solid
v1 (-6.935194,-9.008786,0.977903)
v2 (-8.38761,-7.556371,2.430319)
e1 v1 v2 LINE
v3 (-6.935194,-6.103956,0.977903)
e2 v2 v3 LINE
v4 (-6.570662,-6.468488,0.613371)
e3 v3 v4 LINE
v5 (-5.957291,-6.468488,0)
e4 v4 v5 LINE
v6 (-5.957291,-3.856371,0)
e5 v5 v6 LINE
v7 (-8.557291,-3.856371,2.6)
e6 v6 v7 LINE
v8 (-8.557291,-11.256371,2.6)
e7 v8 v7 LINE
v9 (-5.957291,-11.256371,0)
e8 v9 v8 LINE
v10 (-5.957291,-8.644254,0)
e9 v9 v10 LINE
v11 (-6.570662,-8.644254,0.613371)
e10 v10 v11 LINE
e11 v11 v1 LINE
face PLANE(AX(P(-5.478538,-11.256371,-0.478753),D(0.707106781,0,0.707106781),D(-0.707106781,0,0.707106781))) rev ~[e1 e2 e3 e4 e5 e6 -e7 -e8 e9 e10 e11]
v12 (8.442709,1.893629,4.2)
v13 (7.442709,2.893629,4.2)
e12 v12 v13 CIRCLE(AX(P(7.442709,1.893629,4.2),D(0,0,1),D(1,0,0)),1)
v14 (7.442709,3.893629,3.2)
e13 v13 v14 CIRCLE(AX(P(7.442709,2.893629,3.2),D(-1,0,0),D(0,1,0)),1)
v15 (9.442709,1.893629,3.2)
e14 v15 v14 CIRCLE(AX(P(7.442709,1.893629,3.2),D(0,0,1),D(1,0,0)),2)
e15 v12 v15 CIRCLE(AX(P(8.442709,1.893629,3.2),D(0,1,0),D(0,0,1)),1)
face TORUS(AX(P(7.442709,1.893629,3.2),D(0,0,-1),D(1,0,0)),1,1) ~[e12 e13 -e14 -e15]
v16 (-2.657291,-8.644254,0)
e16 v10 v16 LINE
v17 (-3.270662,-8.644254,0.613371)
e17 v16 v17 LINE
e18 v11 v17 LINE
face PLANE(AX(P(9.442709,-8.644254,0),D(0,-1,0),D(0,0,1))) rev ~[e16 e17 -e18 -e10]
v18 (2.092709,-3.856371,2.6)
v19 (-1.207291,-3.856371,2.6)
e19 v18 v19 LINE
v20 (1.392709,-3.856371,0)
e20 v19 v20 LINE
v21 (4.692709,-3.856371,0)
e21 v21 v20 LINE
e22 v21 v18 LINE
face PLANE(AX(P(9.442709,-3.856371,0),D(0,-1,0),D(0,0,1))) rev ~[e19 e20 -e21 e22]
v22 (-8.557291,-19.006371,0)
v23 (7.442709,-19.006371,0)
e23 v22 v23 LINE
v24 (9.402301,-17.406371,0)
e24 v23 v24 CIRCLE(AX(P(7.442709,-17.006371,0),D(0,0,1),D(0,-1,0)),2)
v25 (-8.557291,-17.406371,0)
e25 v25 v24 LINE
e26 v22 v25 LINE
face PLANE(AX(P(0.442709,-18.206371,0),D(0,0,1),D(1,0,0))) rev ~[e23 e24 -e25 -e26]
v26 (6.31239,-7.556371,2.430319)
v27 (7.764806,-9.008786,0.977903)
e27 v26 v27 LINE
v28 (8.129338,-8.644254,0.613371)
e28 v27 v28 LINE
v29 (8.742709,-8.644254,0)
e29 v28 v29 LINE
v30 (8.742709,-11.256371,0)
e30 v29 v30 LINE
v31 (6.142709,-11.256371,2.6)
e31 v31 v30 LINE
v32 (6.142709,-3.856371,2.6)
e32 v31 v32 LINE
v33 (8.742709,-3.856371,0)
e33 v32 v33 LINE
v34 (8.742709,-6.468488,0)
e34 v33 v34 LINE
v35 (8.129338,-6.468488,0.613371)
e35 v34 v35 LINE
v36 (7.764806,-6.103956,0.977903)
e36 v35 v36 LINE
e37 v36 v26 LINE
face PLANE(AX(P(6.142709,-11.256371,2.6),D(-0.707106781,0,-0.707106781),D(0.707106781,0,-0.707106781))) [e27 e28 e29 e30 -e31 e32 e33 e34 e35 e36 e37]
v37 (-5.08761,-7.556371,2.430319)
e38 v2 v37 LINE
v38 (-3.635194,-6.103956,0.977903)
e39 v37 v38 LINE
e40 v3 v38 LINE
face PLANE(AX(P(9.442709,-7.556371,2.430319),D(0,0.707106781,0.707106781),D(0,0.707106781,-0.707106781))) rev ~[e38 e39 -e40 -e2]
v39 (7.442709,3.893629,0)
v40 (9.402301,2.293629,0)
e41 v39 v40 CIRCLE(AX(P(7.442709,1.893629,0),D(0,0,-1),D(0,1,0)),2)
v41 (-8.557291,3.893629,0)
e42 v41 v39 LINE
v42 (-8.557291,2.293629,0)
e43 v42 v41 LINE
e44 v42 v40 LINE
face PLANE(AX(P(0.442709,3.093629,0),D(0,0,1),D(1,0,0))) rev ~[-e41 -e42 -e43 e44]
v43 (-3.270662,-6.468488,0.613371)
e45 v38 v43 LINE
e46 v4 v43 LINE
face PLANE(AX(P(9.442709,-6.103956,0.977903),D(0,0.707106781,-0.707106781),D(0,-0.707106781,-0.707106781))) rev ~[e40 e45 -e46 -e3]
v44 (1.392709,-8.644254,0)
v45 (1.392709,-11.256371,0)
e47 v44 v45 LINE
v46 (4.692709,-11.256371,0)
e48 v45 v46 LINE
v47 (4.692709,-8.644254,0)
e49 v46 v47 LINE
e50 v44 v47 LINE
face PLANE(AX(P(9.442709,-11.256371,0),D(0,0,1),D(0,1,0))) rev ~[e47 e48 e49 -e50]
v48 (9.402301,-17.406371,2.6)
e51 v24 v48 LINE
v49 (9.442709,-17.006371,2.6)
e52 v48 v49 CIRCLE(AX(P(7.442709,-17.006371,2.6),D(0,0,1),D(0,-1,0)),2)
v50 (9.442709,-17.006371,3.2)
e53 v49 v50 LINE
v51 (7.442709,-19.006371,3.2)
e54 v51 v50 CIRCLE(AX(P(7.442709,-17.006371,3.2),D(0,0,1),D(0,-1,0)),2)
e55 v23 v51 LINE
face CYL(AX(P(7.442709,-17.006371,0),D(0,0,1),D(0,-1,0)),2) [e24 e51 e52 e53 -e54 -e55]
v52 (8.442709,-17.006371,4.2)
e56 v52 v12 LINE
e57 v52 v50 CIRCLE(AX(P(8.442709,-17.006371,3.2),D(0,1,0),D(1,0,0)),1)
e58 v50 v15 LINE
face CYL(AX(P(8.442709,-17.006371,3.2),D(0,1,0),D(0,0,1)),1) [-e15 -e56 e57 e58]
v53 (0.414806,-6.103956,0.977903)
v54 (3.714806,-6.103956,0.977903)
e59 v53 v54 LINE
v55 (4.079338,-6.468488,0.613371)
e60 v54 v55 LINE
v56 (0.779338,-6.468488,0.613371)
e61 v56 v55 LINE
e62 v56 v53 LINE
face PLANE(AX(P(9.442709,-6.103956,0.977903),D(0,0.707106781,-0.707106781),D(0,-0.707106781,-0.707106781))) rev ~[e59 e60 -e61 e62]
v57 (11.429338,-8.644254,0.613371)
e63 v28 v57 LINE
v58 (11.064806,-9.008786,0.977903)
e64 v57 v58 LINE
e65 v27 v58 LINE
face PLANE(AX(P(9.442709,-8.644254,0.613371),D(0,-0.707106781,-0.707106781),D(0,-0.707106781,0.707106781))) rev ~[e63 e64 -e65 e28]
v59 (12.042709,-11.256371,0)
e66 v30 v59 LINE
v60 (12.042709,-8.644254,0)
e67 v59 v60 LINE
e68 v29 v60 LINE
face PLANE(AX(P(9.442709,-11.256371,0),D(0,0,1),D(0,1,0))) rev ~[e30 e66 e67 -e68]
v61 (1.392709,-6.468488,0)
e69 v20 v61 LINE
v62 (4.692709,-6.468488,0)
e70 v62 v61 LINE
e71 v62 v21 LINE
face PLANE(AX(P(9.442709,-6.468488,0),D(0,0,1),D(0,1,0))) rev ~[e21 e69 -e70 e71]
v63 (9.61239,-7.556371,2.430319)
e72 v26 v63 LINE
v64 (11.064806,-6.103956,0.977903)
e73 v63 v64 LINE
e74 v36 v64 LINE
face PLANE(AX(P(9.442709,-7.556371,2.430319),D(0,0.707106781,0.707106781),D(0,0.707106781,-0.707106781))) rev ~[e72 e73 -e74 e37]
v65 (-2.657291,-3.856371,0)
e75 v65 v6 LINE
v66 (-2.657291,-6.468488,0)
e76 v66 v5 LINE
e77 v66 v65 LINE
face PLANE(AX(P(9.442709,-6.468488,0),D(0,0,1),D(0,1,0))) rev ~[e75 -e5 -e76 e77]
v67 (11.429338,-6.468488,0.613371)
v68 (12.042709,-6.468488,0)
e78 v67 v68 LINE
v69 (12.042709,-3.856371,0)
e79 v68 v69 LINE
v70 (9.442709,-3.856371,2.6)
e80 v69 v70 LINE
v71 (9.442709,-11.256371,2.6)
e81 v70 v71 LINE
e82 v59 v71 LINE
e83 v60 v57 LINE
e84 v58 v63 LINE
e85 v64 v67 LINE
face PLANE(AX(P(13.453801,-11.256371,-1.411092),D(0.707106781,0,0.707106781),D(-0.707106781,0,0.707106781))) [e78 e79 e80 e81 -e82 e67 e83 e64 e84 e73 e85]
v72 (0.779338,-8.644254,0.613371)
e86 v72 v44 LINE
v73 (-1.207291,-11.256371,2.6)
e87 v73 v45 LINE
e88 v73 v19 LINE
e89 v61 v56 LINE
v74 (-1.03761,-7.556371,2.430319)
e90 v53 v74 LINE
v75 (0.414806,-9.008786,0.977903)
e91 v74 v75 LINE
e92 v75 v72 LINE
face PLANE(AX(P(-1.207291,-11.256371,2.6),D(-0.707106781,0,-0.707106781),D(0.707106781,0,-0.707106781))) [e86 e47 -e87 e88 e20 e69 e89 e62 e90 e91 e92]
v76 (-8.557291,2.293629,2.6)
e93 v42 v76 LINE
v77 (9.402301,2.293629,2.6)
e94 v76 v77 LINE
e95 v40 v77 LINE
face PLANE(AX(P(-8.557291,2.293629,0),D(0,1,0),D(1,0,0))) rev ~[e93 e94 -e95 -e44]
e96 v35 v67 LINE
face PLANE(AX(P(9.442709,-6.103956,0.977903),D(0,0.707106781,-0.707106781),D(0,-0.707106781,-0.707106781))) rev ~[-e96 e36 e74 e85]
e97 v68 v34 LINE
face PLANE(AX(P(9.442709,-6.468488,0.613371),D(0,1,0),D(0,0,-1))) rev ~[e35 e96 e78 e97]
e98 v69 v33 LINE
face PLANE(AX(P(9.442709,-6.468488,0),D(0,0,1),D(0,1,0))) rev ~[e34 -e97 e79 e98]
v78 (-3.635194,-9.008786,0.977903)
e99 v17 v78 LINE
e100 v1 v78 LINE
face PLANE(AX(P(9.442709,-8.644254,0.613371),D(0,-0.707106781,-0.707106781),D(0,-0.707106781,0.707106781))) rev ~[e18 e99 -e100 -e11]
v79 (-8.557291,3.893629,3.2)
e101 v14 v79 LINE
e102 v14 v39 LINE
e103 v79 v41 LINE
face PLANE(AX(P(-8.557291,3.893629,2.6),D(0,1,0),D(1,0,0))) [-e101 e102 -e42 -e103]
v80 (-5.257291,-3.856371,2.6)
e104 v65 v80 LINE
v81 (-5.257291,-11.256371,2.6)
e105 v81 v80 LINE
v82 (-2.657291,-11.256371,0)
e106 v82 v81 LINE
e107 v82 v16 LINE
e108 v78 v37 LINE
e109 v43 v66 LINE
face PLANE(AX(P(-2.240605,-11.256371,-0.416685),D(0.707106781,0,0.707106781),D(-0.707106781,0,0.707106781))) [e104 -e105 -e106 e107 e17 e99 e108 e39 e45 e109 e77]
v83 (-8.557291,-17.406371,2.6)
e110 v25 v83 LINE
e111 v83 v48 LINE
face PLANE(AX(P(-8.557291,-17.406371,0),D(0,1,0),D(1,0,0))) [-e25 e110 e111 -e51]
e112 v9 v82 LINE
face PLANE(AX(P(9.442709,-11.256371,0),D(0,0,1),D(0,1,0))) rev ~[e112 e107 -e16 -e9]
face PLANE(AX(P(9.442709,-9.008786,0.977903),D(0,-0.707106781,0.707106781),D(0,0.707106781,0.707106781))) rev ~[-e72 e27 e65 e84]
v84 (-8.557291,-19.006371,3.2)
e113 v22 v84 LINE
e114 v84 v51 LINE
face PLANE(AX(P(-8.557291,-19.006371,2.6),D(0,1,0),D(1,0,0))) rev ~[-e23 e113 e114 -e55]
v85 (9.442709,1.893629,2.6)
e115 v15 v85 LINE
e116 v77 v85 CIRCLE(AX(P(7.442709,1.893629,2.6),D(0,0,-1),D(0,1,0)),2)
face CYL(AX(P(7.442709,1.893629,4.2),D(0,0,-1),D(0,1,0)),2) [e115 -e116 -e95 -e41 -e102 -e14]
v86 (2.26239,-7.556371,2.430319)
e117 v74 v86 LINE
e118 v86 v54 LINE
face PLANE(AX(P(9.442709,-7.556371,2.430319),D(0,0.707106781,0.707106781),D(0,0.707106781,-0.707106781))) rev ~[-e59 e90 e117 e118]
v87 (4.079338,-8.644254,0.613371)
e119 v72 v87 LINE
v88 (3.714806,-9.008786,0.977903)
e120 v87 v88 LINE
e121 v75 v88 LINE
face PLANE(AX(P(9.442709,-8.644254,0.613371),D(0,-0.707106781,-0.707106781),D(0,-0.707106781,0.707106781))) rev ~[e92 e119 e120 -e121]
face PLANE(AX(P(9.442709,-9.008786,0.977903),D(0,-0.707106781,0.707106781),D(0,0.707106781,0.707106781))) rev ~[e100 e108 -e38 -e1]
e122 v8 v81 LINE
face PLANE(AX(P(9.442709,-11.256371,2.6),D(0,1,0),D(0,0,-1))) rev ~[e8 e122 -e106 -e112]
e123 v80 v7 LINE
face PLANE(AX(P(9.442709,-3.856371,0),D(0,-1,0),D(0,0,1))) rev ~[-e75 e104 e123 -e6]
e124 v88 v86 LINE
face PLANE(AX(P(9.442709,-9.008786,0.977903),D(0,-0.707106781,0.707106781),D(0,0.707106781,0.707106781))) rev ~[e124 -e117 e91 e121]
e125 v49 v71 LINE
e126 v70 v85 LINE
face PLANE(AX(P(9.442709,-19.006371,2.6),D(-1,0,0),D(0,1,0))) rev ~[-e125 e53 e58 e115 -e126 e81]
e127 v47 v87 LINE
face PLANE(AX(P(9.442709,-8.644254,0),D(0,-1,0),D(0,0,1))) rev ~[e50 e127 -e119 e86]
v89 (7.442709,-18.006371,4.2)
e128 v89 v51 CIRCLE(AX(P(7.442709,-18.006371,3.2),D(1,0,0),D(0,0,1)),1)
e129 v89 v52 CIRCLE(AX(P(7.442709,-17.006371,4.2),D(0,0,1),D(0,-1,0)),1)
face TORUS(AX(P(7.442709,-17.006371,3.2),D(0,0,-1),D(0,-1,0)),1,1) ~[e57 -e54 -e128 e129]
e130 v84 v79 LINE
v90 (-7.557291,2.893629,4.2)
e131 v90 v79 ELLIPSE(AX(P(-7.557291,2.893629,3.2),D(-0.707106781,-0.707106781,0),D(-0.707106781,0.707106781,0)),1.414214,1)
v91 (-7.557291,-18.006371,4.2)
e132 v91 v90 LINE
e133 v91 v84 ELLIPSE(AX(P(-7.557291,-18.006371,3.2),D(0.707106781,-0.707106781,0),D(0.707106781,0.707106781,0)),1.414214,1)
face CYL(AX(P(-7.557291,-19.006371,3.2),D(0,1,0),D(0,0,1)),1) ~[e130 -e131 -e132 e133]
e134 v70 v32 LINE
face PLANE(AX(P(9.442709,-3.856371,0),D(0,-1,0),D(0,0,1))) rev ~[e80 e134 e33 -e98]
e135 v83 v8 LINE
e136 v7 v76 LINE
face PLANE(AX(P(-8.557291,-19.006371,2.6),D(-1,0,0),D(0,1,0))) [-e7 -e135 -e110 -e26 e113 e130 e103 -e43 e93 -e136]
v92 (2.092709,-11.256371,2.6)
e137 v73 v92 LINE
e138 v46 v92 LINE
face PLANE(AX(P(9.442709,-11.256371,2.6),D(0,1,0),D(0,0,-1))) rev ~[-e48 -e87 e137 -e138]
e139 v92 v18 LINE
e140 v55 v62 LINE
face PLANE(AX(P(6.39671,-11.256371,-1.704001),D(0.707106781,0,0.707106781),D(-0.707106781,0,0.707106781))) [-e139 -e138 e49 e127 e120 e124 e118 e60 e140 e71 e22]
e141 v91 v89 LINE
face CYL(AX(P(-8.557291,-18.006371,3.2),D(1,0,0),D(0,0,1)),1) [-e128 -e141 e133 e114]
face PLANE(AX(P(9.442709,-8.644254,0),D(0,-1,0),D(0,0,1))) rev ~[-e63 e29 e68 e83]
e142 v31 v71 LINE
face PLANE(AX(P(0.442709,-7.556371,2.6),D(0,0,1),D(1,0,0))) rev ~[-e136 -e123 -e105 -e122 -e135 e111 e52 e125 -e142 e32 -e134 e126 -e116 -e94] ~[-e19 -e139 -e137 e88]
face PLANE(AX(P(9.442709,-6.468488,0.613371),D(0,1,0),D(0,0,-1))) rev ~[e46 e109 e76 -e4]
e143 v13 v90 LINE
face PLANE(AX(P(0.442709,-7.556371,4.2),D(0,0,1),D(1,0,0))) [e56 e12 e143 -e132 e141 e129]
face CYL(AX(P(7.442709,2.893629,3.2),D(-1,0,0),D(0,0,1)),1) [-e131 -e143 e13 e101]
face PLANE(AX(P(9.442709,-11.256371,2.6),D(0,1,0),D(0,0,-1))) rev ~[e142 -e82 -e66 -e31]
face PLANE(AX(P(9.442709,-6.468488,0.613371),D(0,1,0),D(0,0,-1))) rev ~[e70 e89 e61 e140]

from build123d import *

# Parameters (mm, degrees)
SKETCH1_W               = 3.3
SKETCH1_H               = 7.4
SKETCH1_W_2             = 18
SKETCH1_H_2             = 1.6
BOSS_EXTRUDE1_DEPTH     = 2.6
SKETCH3_W               = 18
SKETCH3_H               = 22.9
BOSS_EXTRUDE2_DEPTH     = 1.6
CUT_EXTRUDE1_DEPTH      = 27.511924597
CUT_EXTRUDE1_DEPTH_BACK = 27.511924597
FILLET1_R               = 2
FILLET2_R               = 1
BOSS_EXTRUDE3_DEPTH     = 5
CUT_EXTRUDE2_DEPTH      = 10


with BuildPart() as part:
    # Sketch1 → Boss-Extrude1 (new body)
    with BuildSketch(Plane.XY):
        with Locations((0.442709082, -7.556371191)):
            Rectangle(SKETCH1_W, SKETCH1_H)
        with Locations((7.792709082, -7.556371191)):
            Rectangle(SKETCH1_W, SKETCH1_H)
        with Locations((0.442709082, 3.093628809)):
            Rectangle(SKETCH1_W_2, SKETCH1_H_2)
        with Locations((0.442709082, -18.206371191)):
            Rectangle(SKETCH1_W_2, SKETCH1_H_2)
        with Locations((0.442709082, -7.556371191)):
            Rectangle(SKETCH1_W_2, SKETCH1_H)
    extrude(amount=BOSS_EXTRUDE1_DEPTH)

    # Sketch3 → Boss-Extrude2 (add)
    with BuildSketch(Plane.XY.offset(2.6)):
        with Locations((0.442709082, -7.556371191)):
            Rectangle(SKETCH3_W, SKETCH3_H)
    extrude(amount=BOSS_EXTRUDE2_DEPTH)

    # Sketch4 → Cut-Extrude1 (cut, two sides: drawn at the far end of the back side and taken through both)
    with BuildSketch(Plane.ZY.offset(8.557290918).offset(-CUT_EXTRUDE1_DEPTH_BACK)):
        Polygon((1.342435563, -8.644254243), (0.613371363, -8.644254243), (0.977903463, -9.008786343), align=None)
        Polygon((2.430318615, -7.556371191), (1.342435563, -6.468488139), (1.342435563, -8.644254243), align=None)
        Polygon((0.977903463, -6.103956039), (0.613371363, -6.468488139), (1.342435563, -6.468488139), align=None)
        Polygon((0.613371363, -6.468488139), (0, -7.081859502), (0, -8.03088288), (0.613371363, -8.644254243), (1.342435563, -8.644254243), (1.342435563, -6.468488139), align=None)
        Polygon((0, -6.468488139), (0, -7.081859502), (0.613371363, -6.468488139), align=None)
        Polygon((0.613371363, -8.644254243), (0, -8.03088288), (0, -8.644254243), align=None)
    extrude(amount=CUT_EXTRUDE1_DEPTH + CUT_EXTRUDE1_DEPTH_BACK, mode=Mode.SUBTRACT)

    # Fillet1
    fillet1_edges = [part.edges().sort_by_distance(p)[0] for p in [
        (9.442709082, 3.893628809, 2.1),
        (9.442709082, -19.006371191, 2.1),
    ]]
    fillet(fillet1_edges, radius=FILLET1_R)

    # Fillet2
    fillet2_edges = [part.edges().sort_by_distance(p)[0] for p in [
        (9.442709082, -7.556371191, 4.2),
        (8.856922645, -18.420584754, 4.2),
        (8.856922645, 3.307842371, 4.2),
        (-8.557290918, -7.556371191, 4.2),
        (-0.557290918, -19.006371191, 4.2),
        (-0.557290918, 3.893628809, 4.2),
    ]]
    fillet(fillet2_edges, radius=FILLET2_R)

    # Sketch6 → Boss-Extrude3 (add)
    with BuildSketch(Plane(origin=(9.442709082, 0, 0), x_dir=(0, 0, -1), z_dir=(1, 0, 0))):
        Polygon((-2.6, -3.856371191), (-2.6, -11.256371191), (0, -11.256371191), (0, -8.644254243), (-0.613371363, -8.644254243), (-0.977903463, -9.008786343), (-2.430318615, -7.556371191), (-0.977903463, -6.103956039), (-0.613371363, -6.468488139), (0, -6.468488139), (0, -3.856371191), align=None)
    extrude(amount=BOSS_EXTRUDE3_DEPTH)

    # Sketch5 → Cut-Extrude2 (cut)
    with BuildSketch(Plane.XZ.offset(11.256371191)):
        Polygon((-5.257290918, 2.6), (-1.207290918, 2.6), (1.809394507, -0.416685424), (-2.240605493, -0.416685424), align=None)
        Polygon((2.092709082, 2.6), (6.142709082, 2.6), (10.446710416, -1.704001333), (6.396710416, -1.704001333), align=None)
        Polygon((-8.557290918, 2.6), (-13.200539382, 2.6), (-10.121786084, -0.478753297), (-5.47853762, -0.478753297), align=None)
        Polygon((9.442709082, 2.6), (15.456496685, 2.6), (19.467588869, -1.411092184), (13.453801266, -1.411092184), align=None)
    extrude(amount=-CUT_EXTRUDE2_DEPTH, mode=Mode.SUBTRACT)


solid = part.part
